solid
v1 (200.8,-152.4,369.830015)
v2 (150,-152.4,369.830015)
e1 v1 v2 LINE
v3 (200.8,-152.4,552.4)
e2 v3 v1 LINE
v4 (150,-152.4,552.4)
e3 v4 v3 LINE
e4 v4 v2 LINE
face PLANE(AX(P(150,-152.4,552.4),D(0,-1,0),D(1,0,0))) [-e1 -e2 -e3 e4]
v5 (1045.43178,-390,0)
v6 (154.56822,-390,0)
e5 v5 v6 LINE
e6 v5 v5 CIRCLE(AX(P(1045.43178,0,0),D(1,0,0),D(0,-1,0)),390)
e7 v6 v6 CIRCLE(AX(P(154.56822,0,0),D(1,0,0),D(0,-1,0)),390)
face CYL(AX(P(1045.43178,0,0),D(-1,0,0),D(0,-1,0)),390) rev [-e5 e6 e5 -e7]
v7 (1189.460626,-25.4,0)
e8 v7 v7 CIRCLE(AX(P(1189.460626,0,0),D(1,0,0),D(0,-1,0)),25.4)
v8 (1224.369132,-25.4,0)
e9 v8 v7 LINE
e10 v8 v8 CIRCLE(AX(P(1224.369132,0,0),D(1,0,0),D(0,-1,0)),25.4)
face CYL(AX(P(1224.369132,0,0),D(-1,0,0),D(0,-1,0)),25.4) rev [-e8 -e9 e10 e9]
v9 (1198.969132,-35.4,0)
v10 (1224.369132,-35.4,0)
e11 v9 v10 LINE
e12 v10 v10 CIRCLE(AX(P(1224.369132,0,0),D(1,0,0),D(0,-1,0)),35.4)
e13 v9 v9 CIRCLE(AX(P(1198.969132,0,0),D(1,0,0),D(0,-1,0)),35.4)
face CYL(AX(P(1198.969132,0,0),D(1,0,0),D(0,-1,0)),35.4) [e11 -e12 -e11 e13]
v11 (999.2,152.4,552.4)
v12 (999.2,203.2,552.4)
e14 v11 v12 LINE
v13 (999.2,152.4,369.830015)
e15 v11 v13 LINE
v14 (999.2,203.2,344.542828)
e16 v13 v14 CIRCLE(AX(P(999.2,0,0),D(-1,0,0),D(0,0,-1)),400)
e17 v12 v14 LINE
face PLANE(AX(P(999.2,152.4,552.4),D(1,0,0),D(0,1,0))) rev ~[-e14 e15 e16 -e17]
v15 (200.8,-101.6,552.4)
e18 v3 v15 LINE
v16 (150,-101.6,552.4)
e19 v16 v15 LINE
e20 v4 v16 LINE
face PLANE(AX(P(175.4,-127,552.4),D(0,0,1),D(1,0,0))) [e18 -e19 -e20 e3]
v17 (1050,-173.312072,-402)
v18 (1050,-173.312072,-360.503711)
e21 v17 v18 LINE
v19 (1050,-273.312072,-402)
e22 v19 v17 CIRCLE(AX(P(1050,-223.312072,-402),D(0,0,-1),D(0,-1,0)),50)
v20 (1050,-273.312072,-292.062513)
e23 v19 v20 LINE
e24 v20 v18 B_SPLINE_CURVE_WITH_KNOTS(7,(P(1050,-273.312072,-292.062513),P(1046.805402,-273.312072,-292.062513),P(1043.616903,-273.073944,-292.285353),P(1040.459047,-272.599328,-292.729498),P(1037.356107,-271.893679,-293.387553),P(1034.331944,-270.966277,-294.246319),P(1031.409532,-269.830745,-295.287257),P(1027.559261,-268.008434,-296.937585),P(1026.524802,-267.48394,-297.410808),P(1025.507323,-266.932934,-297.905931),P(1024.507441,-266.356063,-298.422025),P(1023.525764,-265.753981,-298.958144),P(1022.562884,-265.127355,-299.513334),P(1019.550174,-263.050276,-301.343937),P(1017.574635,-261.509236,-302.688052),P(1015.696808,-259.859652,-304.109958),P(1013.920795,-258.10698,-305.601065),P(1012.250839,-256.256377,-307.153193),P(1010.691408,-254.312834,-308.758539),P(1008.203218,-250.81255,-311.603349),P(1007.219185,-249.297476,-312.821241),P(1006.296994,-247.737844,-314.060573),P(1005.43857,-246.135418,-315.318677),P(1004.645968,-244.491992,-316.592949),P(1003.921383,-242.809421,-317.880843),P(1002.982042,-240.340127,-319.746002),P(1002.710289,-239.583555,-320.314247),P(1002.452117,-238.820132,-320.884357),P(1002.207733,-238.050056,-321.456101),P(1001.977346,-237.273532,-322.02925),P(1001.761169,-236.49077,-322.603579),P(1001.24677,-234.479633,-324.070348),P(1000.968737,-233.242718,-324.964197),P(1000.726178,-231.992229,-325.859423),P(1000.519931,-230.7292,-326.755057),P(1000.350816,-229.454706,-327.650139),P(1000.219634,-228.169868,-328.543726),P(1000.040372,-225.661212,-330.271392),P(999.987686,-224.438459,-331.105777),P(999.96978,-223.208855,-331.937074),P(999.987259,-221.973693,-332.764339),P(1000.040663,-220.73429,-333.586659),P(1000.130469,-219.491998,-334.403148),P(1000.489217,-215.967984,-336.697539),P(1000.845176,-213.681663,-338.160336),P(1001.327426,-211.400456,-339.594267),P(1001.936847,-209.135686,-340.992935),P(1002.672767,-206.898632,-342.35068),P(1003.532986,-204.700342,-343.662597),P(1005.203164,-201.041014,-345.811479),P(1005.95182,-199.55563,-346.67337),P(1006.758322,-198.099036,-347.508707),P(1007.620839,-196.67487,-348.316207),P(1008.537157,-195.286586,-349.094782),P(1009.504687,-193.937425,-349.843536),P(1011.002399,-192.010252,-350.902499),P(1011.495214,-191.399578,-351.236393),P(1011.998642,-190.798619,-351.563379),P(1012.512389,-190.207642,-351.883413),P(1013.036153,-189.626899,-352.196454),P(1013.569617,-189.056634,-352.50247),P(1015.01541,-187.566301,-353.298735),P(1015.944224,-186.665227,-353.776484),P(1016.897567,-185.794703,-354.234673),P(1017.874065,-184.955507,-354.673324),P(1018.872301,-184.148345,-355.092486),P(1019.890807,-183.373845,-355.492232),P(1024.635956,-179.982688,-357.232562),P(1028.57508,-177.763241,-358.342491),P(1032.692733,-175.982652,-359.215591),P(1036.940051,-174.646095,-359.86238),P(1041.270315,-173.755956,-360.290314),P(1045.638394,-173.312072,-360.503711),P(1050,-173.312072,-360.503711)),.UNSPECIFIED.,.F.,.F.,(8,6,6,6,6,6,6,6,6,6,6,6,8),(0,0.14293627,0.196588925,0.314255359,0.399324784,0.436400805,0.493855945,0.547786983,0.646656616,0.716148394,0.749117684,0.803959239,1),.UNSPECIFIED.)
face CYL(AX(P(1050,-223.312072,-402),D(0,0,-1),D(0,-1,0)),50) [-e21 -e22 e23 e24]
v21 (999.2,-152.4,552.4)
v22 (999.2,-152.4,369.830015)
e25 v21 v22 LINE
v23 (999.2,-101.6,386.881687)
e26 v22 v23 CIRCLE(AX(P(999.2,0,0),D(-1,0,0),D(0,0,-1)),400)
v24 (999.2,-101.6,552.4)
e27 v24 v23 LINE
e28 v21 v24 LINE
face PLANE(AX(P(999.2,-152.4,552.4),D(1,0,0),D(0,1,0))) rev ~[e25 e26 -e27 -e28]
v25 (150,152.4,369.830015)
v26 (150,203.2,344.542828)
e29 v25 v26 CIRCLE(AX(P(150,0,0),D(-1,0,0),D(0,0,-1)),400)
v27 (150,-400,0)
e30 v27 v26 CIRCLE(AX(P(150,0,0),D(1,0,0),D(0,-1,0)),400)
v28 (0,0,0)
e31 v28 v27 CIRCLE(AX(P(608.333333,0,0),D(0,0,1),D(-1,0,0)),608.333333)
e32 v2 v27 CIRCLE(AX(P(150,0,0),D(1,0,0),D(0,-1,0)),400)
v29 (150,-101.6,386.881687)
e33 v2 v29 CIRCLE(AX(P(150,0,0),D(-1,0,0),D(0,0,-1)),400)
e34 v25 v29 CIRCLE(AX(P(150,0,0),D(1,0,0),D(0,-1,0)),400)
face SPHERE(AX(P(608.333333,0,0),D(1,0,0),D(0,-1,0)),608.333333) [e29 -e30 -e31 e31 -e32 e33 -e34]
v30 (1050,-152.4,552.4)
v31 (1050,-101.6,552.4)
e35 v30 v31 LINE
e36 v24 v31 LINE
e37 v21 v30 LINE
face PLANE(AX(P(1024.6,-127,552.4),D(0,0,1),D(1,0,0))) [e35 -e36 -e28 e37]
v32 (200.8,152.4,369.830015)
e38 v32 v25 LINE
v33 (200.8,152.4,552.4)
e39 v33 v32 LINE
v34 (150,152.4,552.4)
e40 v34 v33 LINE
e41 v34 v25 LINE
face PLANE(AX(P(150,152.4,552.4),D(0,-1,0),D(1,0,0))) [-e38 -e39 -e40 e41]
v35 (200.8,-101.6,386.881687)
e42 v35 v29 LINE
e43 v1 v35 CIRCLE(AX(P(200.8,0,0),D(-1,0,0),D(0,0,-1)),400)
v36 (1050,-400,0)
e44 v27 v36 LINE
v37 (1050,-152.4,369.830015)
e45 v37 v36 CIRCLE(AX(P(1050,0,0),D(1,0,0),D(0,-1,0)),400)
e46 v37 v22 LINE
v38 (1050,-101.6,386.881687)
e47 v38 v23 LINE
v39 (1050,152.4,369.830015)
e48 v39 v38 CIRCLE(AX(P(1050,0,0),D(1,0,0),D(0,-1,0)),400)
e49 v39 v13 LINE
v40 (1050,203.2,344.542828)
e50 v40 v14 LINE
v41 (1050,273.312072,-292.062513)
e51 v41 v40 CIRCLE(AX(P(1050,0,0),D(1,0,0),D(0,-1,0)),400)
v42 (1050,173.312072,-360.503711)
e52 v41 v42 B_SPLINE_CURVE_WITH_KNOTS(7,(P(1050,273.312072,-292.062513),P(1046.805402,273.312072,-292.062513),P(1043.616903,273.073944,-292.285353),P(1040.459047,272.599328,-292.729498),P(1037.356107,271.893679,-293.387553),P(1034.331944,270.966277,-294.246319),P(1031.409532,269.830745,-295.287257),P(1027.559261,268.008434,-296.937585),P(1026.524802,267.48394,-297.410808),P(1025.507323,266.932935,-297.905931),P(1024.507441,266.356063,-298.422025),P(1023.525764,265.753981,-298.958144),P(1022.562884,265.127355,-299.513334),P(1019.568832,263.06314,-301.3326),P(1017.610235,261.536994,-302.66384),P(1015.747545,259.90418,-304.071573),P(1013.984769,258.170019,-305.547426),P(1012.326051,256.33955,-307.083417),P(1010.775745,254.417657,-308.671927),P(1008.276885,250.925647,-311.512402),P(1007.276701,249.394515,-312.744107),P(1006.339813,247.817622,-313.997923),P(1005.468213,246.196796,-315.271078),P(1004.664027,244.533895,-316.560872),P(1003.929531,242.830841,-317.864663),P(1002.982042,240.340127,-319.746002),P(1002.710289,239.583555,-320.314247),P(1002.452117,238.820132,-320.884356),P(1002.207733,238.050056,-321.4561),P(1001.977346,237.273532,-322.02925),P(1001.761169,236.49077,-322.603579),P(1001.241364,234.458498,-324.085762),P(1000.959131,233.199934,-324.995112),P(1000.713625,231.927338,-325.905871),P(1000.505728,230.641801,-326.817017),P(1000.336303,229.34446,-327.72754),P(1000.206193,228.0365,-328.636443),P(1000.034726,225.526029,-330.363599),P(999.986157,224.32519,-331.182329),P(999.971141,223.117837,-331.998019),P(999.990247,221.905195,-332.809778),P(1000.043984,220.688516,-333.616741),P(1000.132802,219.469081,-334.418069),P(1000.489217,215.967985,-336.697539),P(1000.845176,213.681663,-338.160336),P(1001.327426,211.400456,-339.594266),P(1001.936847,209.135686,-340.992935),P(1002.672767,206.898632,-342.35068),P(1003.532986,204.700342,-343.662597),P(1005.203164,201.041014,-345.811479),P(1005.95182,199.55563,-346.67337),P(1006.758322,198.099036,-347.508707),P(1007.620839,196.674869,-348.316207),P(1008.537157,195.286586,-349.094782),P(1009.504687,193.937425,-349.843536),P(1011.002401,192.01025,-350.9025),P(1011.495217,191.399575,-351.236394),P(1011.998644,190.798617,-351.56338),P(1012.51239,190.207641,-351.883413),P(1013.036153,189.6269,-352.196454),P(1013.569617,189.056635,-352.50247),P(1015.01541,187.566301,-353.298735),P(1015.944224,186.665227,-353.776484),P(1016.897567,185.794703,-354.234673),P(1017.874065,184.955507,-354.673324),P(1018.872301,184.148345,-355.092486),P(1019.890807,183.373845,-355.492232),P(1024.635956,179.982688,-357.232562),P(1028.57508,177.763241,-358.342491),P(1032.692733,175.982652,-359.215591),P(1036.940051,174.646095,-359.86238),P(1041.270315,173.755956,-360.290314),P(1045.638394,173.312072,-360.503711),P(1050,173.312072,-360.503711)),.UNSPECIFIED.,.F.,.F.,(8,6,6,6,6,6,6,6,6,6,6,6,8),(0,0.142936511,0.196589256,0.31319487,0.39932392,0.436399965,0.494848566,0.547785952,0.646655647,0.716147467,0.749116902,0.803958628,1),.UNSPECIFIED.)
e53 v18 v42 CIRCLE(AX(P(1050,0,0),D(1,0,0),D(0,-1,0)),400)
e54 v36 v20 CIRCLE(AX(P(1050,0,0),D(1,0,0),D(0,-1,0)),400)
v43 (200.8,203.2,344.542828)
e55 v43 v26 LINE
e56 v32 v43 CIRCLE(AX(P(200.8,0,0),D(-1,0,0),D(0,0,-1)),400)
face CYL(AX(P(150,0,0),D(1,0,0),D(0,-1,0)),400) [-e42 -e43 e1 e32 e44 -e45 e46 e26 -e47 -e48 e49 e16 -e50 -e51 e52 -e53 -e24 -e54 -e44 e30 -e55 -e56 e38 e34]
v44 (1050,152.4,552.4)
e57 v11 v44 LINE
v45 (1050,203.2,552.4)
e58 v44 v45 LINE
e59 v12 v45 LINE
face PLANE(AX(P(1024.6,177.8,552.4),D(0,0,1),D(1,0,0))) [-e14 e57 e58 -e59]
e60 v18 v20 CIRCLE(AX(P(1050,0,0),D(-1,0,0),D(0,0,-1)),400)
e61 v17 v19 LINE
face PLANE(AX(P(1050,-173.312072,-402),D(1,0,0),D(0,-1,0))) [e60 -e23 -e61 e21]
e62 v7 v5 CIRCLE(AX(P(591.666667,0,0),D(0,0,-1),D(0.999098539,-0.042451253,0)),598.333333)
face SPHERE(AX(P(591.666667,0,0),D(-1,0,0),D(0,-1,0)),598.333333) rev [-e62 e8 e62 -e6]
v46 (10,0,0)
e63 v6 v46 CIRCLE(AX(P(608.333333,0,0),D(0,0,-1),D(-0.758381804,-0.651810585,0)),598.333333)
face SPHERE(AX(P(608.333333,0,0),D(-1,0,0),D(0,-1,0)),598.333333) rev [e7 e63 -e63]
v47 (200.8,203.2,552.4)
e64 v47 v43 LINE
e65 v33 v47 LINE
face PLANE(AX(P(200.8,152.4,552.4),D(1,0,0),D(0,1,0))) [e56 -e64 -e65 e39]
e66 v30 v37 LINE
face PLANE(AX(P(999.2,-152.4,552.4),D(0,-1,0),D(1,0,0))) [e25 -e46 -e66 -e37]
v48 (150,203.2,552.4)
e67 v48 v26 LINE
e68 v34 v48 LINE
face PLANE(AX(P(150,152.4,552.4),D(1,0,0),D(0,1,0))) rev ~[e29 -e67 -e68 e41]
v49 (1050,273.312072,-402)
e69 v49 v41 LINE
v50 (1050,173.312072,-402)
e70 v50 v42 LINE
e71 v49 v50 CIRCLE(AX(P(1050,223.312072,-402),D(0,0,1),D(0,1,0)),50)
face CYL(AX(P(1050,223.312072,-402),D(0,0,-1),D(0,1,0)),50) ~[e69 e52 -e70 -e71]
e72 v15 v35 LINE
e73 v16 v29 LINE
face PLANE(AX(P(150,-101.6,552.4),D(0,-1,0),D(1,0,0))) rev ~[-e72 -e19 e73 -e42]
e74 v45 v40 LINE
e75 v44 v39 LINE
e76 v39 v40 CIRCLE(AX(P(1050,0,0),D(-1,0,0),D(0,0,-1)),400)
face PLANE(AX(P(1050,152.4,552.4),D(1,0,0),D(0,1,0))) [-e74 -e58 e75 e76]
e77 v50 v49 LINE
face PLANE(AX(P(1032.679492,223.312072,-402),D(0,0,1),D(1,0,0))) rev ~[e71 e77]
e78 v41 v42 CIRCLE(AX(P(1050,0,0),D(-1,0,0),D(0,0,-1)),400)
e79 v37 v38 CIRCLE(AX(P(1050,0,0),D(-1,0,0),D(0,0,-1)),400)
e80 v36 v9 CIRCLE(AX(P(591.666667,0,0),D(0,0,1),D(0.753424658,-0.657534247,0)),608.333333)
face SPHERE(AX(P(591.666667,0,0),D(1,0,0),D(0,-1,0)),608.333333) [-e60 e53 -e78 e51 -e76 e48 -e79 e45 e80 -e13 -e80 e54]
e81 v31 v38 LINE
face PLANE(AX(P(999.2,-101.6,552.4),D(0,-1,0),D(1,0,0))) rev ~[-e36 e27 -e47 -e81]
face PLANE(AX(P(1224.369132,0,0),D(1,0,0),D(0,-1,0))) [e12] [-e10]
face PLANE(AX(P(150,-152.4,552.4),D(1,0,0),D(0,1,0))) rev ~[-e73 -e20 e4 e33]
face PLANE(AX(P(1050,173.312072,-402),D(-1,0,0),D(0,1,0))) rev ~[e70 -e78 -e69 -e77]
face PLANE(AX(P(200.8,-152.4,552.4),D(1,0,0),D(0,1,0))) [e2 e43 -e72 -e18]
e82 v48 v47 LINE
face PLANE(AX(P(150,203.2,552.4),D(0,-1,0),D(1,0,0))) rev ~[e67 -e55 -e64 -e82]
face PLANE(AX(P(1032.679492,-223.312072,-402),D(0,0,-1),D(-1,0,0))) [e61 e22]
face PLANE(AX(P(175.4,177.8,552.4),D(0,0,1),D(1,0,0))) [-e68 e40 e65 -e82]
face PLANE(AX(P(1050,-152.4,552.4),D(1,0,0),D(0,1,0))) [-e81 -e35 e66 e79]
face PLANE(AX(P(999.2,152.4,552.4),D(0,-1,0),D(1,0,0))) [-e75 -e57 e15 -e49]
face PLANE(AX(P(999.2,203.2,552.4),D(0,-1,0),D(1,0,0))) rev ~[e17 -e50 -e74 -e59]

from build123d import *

# Parameters (mm, degrees)
BOSS_EXTRUDE1_REACH      = 1519.328
BOSS_EXTRUDE1_END_RADIUS = 400
BOSS_EXTRUDE2_REACH      = 1605.109
BOSS_EXTRUDE2_END_RADIUS = 400
SKETCH5_W                = 50.8
SKETCH5_H                = 50.8


with BuildPart() as part:
    # Sketch1 → Revolve1 (revolve)
    with BuildSketch(Plane.XY):
        with BuildLine():
            Line((150, -400), (1050, -400))
            ThreePointArc((1050, -400), (1154.808037789, -230.089635957), (1198.969132037, -35.4))
            Line((1198.969132037, -35.4), (1224.369132037, -35.4))
            Line((1224.369132037, -35.4), (1224.369132037, -25.4))
            Line((1224.369132037, -25.4), (1199.469500194, -25.4))
            Line((1199.469500194, -25.4), (1189.460625969, -25.4))
            ThreePointArc((1189.460625969, -25.4), (1148.153333745, -219.830314428), (1045.431779669, -390))
            Line((1045.431779669, -390), (154.568220331, -390))
            ThreePointArc((154.568220331, -390), (47.305004997, -207.966325597), (10, 0))
            Line((10, 0), (0, 0))
            ThreePointArc((0, 0), (38.733083645, -213.600093633), (150, -400))
        make_face()
    revolve(axis=Axis((0, 0, 0), (1, 0, 0)))

    # Boss-Extrude1: up to this cylinder (the profile starts outside it)
    boss_extrude1_end = Plane(origin=(1028.779341, 0, 0), z_dir=(-1, 0, 0)) * Cylinder(BOSS_EXTRUDE1_END_RADIUS, 3839.656, mode=Mode.PRIVATE)
    # Sketch4 → Boss-Extrude1 (add, up to the surface)
    with BuildSketch(Plane(origin=(0, 0, -402), x_dir=(-1, 0, 0), z_dir=(0, 0, -1)), mode=Mode.PRIVATE) as boss_extrude1_sk1:
        with BuildLine():
            Line((-1050, 173.312071556), (-1050, 273.312071556))
            ThreePointArc((-1050, 273.312071556), (-1000, 223.312071556), (-1050, 173.312071556))
        make_face()
    boss_extrude1_tool1 = extrude(boss_extrude1_sk1.sketch, amount=-BOSS_EXTRUDE1_REACH, mode=Mode.PRIVATE) - boss_extrude1_end
    add(boss_extrude1_tool1.solids().sort_by_distance((1028.779341, 223.312072, -402))[0])
    # Sketch4 → Boss-Extrude1 (add, up to the surface)
    with BuildSketch(Plane(origin=(0, 0, -402), x_dir=(-1, 0, 0), z_dir=(0, 0, -1)), mode=Mode.PRIVATE) as boss_extrude1_sk2:
        with BuildLine():
            Line((-1050, -173.312071556), (-1050, -273.312071556))
            ThreePointArc((-1050, -273.312071556), (-1000, -223.312071556), (-1050, -173.312071556))
        make_face()
    boss_extrude1_tool2 = extrude(boss_extrude1_sk2.sketch, amount=-BOSS_EXTRUDE1_REACH, mode=Mode.PRIVATE) - boss_extrude1_end
    add(boss_extrude1_tool2.solids().sort_by_distance((1028.779341, -223.312072, -402))[0])

    # Boss-Extrude2: up to this cylinder (the profile starts outside it)
    boss_extrude2_end = Plane(origin=(600, 0, 0), z_dir=(-1, 0, 0)) * Cylinder(BOSS_EXTRUDE2_END_RADIUS, 4860.418, mode=Mode.PRIVATE)
    # Sketch5 → Boss-Extrude2 (add, up to the surface)
    with BuildSketch(Plane.XY.offset(552.4), mode=Mode.PRIVATE) as boss_extrude2_sk1:
        with Locations((1024.6, 177.8)):
            Rectangle(SKETCH5_W, SKETCH5_H)
    boss_extrude2_tool1 = extrude(boss_extrude2_sk1.sketch, amount=-BOSS_EXTRUDE2_REACH, mode=Mode.PRIVATE) - boss_extrude2_end
    add(boss_extrude2_tool1.solids().sort_by_distance((1024.6, 177.8, 552.4))[0])
    # Sketch5 → Boss-Extrude2 (add, up to the surface)
    with BuildSketch(Plane.XY.offset(552.4), mode=Mode.PRIVATE) as boss_extrude2_sk2:
        with Locations((175.4, 177.8)):
            Rectangle(SKETCH5_W, SKETCH5_H)
    boss_extrude2_tool2 = extrude(boss_extrude2_sk2.sketch, amount=-BOSS_EXTRUDE2_REACH, mode=Mode.PRIVATE) - boss_extrude2_end
    add(boss_extrude2_tool2.solids().sort_by_distance((175.4, 177.8, 552.4))[0])
    # Sketch5 → Boss-Extrude2 (add, up to the surface)
    with BuildSketch(Plane.XY.offset(552.4), mode=Mode.PRIVATE) as boss_extrude2_sk3:
        with Locations((1024.6, -127)):
            Rectangle(SKETCH5_W, SKETCH5_H)
    boss_extrude2_tool3 = extrude(boss_extrude2_sk3.sketch, amount=-BOSS_EXTRUDE2_REACH, mode=Mode.PRIVATE) - boss_extrude2_end
    add(boss_extrude2_tool3.solids().sort_by_distance((1024.6, -127, 552.4))[0])
    # Sketch5 → Boss-Extrude2 (add, up to the surface)
    with BuildSketch(Plane.XY.offset(552.4), mode=Mode.PRIVATE) as boss_extrude2_sk4:
        with Locations((175.4, -127)):
            Rectangle(SKETCH5_W, SKETCH5_H)
    boss_extrude2_tool4 = extrude(boss_extrude2_sk4.sketch, amount=-BOSS_EXTRUDE2_REACH, mode=Mode.PRIVATE) - boss_extrude2_end
    add(boss_extrude2_tool4.solids().sort_by_distance((175.4, -127, 552.4))[0])


solid = part.part
